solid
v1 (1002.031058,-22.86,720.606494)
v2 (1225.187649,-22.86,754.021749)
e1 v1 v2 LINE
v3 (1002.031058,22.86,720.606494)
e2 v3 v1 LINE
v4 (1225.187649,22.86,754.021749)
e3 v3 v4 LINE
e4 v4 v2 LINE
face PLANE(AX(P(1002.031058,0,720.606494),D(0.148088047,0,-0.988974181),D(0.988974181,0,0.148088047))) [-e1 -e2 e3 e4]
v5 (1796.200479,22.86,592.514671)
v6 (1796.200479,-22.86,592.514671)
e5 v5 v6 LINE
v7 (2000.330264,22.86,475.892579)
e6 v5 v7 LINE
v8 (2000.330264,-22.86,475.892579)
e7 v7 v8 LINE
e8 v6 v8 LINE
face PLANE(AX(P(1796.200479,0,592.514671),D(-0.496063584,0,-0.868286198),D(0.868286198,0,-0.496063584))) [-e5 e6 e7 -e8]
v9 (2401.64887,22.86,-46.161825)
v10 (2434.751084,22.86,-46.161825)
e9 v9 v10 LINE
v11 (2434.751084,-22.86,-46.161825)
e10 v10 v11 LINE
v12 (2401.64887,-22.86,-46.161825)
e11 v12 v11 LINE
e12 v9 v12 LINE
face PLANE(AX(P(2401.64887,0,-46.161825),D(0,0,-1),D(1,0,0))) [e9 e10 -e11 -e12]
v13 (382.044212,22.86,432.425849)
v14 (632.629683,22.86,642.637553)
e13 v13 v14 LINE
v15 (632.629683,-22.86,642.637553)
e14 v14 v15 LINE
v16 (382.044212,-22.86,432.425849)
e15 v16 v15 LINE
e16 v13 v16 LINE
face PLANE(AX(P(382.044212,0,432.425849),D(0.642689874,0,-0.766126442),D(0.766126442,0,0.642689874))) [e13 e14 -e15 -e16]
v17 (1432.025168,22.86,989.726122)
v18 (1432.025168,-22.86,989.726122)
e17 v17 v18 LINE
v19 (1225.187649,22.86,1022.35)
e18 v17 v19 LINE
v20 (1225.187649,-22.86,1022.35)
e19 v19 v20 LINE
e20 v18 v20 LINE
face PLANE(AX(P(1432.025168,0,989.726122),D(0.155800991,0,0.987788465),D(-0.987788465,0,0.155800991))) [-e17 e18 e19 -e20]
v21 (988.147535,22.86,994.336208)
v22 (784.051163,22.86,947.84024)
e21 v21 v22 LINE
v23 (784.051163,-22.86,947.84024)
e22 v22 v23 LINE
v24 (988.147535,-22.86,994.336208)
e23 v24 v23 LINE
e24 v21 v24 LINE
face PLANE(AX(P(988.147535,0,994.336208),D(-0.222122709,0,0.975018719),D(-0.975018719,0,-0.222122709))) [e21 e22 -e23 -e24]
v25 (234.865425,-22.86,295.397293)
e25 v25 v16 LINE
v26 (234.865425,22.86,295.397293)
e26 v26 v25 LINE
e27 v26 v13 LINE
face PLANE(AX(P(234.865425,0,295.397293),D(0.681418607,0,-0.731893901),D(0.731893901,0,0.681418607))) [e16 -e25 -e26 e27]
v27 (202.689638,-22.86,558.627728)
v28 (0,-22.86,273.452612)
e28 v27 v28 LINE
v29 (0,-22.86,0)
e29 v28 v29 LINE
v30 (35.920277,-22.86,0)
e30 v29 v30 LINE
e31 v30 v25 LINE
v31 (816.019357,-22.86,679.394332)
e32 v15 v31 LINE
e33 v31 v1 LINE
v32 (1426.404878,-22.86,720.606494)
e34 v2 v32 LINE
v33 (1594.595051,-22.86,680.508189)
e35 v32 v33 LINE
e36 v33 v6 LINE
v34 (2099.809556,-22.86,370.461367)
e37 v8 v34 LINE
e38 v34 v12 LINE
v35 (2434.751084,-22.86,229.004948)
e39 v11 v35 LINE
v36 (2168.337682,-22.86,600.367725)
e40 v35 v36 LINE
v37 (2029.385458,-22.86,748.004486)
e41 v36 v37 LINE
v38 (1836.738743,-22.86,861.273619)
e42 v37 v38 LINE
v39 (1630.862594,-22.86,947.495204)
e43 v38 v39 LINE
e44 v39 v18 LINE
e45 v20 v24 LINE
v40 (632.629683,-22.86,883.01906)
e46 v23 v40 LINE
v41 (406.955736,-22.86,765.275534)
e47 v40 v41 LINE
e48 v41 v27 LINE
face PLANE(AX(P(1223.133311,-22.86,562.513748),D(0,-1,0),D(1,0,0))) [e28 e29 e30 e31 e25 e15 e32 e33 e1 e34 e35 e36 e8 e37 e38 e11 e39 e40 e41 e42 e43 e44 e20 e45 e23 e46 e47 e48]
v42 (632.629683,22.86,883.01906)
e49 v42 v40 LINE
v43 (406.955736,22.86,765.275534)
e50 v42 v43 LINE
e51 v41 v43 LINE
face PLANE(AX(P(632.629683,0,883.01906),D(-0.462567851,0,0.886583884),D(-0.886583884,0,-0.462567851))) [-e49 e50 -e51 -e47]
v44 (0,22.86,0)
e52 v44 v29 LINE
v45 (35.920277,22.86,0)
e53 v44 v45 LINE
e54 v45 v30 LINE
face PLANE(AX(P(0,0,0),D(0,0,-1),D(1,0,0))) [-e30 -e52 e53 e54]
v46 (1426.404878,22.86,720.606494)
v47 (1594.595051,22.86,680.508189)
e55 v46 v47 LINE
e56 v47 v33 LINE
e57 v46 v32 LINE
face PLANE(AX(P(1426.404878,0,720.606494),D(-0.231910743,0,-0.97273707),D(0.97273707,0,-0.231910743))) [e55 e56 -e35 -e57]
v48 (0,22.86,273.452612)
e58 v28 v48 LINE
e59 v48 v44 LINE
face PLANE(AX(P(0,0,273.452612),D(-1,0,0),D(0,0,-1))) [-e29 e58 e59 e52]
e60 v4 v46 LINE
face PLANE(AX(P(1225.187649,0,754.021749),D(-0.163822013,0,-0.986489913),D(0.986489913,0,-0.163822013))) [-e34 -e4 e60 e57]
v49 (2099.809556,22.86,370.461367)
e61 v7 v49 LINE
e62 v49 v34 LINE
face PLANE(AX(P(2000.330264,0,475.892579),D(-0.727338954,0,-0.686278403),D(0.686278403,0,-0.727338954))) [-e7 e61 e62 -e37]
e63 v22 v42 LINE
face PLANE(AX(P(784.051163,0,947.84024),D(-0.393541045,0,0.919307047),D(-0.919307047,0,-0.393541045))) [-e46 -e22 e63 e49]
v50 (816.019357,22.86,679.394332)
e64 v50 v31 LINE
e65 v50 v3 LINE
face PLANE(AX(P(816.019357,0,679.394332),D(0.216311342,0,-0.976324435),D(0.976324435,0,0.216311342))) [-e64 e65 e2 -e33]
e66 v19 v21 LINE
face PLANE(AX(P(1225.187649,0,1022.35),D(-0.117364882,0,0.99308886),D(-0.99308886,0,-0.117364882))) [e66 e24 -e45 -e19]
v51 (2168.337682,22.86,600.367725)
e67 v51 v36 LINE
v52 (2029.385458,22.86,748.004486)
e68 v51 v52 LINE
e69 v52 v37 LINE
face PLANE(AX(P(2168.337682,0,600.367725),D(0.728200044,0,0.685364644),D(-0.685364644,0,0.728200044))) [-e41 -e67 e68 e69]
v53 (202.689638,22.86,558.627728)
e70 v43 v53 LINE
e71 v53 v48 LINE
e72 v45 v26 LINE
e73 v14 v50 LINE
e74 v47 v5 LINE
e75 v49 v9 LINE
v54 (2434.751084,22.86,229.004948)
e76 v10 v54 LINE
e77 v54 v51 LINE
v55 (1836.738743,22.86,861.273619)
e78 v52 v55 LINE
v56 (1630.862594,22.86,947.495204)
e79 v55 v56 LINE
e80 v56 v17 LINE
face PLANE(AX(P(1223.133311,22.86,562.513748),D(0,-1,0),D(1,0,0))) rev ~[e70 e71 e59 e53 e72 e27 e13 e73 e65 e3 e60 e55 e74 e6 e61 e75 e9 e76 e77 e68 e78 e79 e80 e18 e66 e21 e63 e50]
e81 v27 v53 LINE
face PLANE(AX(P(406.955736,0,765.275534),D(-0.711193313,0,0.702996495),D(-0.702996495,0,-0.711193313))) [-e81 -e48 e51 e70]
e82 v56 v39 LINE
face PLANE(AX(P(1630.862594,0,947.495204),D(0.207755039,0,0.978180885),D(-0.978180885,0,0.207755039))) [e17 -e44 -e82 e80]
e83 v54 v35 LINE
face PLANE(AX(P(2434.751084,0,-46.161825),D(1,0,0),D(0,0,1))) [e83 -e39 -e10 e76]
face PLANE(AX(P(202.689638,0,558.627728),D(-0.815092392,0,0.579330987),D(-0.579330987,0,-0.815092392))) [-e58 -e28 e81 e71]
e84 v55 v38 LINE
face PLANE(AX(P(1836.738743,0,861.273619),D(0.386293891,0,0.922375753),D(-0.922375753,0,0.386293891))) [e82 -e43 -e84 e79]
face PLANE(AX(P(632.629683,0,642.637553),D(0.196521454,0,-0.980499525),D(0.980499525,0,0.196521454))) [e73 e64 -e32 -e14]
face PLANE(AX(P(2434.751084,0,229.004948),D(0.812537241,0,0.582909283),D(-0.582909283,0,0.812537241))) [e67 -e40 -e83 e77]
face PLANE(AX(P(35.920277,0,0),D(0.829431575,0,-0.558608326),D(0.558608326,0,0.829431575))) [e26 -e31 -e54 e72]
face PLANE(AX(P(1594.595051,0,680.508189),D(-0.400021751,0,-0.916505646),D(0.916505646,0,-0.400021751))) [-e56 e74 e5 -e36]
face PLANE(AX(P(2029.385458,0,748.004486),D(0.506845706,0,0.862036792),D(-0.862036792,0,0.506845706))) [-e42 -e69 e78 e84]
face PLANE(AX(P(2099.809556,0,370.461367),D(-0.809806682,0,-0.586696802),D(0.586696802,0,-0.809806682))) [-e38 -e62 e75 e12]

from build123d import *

# Parameters (mm, degrees)
F1_DEPTH = 22.86


with BuildPart() as f1:
    # F0 (on Front) → F1 (new body, symmetric)
    with BuildSketch(Plane.XZ):
        Polygon((0, 273.4526118953), (0, 0), (35.9202768172, 0), (234.8654246185, 295.3972927821), (382.0442121824, 432.4258489327), (632.6296829279, 642.6375525236), (816.0193565252, 679.3943324247), (1002.0310578339, 720.6064943581), (1225.1876494869, 754.0217488136), (1426.4048780486, 720.6064943581), (1594.5950512278, 680.5081890115), (1796.2004788625, 592.5146708404), (2000.3302640311, 475.8925789072), (2099.8095558031, 370.4613666557), (2401.6488703943, -46.1618247504), (2434.7510839535, -46.1618247504), (2434.7510839535, 229.0049480646), (2168.3376823043, 600.3677253761), (2029.3854579389, 748.0044859217), (1836.7387431586, 861.2736191491), (1630.8625939409, 947.4952035376), (1432.0251675048, 989.726122148), (1225.1876494869, 1022.35), (988.1475345476, 994.336207715), (784.0511628609, 947.840239837), (632.6296829279, 883.0190599636), (406.9557355053, 765.2755335849), (202.6896375115, 558.6277279222), align=None)
    extrude(amount=F1_DEPTH, both=True)


solid = f1.part
